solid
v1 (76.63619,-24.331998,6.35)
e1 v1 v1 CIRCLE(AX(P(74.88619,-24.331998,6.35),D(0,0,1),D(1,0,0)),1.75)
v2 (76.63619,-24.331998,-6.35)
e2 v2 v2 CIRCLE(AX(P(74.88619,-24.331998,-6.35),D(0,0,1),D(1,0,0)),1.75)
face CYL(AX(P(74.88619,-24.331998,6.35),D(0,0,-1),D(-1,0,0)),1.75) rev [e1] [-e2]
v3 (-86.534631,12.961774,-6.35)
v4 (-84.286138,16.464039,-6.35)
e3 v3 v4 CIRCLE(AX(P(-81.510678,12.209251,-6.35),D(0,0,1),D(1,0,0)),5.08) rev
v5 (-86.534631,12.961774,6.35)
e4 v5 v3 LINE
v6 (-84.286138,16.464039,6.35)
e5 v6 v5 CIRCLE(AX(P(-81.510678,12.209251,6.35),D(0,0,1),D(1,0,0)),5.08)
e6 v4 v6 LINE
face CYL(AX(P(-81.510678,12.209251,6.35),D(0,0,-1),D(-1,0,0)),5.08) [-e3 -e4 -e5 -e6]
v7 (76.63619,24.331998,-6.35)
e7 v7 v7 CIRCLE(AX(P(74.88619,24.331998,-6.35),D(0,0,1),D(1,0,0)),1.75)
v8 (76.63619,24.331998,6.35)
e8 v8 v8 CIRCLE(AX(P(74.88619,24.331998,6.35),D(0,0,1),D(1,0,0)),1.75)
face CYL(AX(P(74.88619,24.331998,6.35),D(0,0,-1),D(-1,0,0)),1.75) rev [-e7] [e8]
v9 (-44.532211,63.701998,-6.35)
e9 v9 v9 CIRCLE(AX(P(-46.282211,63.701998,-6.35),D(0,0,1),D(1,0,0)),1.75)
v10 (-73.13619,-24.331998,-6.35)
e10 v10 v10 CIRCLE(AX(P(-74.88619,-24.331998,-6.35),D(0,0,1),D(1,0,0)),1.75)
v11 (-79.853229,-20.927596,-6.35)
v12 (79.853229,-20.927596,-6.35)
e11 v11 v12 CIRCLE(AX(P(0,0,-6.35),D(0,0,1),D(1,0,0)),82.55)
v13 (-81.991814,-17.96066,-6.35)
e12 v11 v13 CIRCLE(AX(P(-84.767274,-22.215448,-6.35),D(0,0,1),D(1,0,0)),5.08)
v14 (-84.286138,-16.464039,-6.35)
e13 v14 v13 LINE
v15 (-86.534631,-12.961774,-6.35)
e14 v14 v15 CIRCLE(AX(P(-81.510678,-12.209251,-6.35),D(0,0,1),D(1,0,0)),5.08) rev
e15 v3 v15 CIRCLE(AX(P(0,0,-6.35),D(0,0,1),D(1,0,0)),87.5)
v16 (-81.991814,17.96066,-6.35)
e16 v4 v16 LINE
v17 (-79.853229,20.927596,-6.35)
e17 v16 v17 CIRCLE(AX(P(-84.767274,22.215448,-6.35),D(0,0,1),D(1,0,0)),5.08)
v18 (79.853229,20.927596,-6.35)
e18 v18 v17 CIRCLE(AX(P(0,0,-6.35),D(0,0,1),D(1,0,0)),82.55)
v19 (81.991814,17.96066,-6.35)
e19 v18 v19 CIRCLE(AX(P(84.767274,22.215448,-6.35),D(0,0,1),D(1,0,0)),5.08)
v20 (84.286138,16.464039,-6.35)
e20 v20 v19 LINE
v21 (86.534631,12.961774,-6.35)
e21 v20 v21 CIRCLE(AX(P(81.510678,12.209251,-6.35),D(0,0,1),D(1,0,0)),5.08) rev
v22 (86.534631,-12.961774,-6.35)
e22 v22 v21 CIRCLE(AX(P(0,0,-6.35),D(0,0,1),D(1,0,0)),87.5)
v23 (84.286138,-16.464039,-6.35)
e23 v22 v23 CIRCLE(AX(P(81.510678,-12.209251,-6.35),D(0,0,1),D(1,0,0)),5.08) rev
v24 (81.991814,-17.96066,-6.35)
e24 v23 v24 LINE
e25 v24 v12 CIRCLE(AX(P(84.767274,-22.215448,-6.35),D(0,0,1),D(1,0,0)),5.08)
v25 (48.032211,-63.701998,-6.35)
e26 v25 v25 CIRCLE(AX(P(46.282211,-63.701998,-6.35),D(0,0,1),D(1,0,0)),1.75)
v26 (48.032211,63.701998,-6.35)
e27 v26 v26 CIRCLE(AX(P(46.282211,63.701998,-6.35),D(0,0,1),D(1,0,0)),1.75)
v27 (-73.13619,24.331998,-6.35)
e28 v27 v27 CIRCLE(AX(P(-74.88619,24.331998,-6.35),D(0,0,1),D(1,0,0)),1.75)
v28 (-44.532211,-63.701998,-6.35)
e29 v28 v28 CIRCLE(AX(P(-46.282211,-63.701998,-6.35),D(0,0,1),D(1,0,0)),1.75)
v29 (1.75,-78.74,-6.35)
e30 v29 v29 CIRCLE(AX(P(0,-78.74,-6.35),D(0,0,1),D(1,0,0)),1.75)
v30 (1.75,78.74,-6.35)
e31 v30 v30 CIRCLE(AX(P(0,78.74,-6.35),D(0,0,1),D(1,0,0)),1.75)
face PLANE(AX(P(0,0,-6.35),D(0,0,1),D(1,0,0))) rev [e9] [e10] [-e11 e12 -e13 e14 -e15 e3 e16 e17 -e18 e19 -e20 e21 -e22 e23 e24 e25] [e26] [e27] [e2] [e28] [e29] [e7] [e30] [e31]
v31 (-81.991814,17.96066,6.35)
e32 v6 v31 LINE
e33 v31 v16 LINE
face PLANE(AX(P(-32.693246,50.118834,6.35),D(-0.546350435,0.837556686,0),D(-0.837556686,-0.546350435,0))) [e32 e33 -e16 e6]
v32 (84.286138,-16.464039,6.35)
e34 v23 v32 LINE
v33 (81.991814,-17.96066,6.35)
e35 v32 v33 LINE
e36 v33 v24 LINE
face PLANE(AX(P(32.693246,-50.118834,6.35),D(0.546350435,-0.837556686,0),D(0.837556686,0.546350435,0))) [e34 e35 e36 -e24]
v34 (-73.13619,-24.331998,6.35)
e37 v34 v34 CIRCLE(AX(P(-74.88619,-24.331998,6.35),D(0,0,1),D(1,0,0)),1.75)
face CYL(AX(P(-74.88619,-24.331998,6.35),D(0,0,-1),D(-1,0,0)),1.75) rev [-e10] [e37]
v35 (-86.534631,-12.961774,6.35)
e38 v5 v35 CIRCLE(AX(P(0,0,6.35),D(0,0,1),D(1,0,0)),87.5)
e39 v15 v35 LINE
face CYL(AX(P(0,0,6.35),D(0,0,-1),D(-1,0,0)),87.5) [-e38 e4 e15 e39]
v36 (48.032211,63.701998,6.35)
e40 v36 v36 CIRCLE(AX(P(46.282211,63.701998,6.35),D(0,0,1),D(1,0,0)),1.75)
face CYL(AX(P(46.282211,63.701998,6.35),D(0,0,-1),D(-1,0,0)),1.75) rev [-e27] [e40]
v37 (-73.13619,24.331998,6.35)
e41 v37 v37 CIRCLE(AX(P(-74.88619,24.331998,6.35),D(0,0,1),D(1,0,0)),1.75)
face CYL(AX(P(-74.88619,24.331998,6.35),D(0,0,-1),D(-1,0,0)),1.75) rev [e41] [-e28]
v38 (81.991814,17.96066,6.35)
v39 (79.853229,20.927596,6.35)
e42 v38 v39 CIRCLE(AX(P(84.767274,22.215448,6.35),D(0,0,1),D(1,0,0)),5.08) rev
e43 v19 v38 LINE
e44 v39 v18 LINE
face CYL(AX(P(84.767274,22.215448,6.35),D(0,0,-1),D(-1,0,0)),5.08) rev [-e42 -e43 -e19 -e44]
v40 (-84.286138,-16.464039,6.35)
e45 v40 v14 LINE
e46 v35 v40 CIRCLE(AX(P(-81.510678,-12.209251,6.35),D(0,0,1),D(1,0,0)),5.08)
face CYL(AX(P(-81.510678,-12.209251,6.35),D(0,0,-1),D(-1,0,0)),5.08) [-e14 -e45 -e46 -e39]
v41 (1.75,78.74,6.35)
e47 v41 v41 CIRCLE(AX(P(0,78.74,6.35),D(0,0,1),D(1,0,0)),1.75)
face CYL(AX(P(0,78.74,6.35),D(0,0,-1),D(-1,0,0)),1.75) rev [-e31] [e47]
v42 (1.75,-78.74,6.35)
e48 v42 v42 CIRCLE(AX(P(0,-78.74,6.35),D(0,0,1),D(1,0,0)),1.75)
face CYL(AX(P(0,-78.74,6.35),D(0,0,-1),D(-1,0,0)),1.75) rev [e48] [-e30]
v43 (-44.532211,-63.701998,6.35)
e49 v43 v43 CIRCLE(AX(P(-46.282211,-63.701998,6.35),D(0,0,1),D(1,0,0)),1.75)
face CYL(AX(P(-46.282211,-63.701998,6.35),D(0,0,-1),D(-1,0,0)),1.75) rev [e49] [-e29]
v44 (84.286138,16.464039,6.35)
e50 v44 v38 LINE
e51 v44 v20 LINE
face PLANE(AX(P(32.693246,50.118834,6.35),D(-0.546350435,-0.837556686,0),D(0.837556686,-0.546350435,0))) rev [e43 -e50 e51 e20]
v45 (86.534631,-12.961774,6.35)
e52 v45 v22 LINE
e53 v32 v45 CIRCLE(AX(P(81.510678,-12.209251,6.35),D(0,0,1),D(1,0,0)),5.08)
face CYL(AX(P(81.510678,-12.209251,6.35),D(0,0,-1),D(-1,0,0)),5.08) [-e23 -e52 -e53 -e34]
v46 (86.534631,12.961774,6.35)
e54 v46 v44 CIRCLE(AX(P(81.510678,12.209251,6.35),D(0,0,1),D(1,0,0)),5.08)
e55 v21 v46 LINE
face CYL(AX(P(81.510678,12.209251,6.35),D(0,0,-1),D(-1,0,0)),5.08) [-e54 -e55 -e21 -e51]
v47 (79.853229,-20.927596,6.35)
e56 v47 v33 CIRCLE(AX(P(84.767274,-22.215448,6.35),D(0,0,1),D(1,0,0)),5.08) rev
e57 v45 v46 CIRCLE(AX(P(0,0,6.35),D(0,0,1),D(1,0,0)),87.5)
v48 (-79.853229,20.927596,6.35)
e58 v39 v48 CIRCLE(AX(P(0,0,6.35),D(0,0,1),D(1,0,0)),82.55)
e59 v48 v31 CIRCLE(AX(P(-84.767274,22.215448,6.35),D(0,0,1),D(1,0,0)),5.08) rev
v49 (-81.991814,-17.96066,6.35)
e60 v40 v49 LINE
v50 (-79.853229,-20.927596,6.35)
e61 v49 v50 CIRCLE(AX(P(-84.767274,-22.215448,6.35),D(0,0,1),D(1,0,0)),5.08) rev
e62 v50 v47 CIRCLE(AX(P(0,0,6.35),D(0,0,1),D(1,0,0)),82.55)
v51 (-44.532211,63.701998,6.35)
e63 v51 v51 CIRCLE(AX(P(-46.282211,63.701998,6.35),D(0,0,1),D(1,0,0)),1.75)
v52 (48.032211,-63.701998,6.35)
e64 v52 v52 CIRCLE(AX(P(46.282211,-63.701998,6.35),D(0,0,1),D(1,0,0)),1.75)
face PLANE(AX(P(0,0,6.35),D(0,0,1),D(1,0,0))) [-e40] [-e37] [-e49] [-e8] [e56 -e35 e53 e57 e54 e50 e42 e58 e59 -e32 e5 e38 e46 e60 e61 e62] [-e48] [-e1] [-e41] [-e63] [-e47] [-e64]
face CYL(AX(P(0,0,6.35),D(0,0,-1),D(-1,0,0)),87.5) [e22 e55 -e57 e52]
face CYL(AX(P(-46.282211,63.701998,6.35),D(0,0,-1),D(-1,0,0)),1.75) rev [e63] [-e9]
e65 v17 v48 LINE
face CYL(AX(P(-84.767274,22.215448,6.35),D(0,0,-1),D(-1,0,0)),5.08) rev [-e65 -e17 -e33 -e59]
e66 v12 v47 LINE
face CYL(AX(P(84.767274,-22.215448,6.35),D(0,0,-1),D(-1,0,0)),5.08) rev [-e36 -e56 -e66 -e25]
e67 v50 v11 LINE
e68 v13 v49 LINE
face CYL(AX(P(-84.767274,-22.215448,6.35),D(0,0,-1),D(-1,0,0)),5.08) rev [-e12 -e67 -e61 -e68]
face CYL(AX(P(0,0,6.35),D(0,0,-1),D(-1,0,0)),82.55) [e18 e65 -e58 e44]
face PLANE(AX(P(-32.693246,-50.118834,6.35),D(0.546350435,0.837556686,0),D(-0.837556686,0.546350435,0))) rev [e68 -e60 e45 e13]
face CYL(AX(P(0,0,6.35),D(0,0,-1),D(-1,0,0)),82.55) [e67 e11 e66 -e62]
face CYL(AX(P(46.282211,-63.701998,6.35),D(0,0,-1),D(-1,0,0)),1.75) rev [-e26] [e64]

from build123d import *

# Parameters (mm, degrees)
SKETCH1_R           = 1.75
BOSS_EXTRUDE1_DEPTH = 6.35
FILLET1_R           = 5.08


with BuildPart() as part:
    # Sketch1 → Boss-Extrude1 (new, symmetric)
    with BuildSketch(Plane.XY):
        with BuildLine():
            Line((-86.162592811, 15.24), (-80.321852568, 19.05))
            ThreePointArc((-80.321852568, 19.05), (0, 82.55), (80.321852568, 19.05))
            Line((80.321852568, 19.05), (86.162592811, 15.24))
            ThreePointArc((86.162592811, 15.24), (87.5, 0), (86.162592811, -15.24))
            Line((86.162592811, -15.24), (80.321852568, -19.05))
            ThreePointArc((80.321852568, -19.05), (0, -82.55), (-80.321852568, -19.05))
            Line((-80.321852568, -19.05), (-86.162592811, -15.24))
            ThreePointArc((-86.162592811, -15.24), (-87.5, 0), (-86.162592811, 15.24))
        make_face()
        with Locations((0, 78.74)):
            Circle(SKETCH1_R, mode=Mode.SUBTRACT)
        with Locations((46.282210766, 63.701998137)):
            Circle(SKETCH1_R, mode=Mode.SUBTRACT)
        with Locations((74.886190093, 24.331998137)):
            Circle(SKETCH1_R, mode=Mode.SUBTRACT)
        with Locations((74.886190093, -24.331998137)):
            Circle(SKETCH1_R, mode=Mode.SUBTRACT)
        with Locations((46.282210766, -63.701998137)):
            Circle(SKETCH1_R, mode=Mode.SUBTRACT)
        with Locations((0, -78.74)):
            Circle(SKETCH1_R, mode=Mode.SUBTRACT)
        with Locations((-46.282210766, -63.701998137)):
            Circle(SKETCH1_R, mode=Mode.SUBTRACT)
        with Locations((-74.886190093, -24.331998137)):
            Circle(SKETCH1_R, mode=Mode.SUBTRACT)
        with Locations((-74.886190093, 24.331998137)):
            Circle(SKETCH1_R, mode=Mode.SUBTRACT)
        with Locations((-46.282210766, 63.701998137)):
            Circle(SKETCH1_R, mode=Mode.SUBTRACT)
    extrude(amount=BOSS_EXTRUDE1_DEPTH, both=True)

    # Fillet1
    fillet1_edges = [part.edges().sort_by_distance(p)[0] for p in [
        (-86.162592811, -15.24, 0),
        (-86.162592811, 15.24, 0),
        (-80.321852568, 19.05, 0),
        (80.321852568, 19.05, 0),
        (86.162592811, 15.24, 0),
        (86.162592811, -15.24, 0),
        (80.321852568, -19.05, 0),
        (-80.321852568, -19.05, 0),
    ]]
    fillet(fillet1_edges, radius=FILLET1_R)


solid = part.part
